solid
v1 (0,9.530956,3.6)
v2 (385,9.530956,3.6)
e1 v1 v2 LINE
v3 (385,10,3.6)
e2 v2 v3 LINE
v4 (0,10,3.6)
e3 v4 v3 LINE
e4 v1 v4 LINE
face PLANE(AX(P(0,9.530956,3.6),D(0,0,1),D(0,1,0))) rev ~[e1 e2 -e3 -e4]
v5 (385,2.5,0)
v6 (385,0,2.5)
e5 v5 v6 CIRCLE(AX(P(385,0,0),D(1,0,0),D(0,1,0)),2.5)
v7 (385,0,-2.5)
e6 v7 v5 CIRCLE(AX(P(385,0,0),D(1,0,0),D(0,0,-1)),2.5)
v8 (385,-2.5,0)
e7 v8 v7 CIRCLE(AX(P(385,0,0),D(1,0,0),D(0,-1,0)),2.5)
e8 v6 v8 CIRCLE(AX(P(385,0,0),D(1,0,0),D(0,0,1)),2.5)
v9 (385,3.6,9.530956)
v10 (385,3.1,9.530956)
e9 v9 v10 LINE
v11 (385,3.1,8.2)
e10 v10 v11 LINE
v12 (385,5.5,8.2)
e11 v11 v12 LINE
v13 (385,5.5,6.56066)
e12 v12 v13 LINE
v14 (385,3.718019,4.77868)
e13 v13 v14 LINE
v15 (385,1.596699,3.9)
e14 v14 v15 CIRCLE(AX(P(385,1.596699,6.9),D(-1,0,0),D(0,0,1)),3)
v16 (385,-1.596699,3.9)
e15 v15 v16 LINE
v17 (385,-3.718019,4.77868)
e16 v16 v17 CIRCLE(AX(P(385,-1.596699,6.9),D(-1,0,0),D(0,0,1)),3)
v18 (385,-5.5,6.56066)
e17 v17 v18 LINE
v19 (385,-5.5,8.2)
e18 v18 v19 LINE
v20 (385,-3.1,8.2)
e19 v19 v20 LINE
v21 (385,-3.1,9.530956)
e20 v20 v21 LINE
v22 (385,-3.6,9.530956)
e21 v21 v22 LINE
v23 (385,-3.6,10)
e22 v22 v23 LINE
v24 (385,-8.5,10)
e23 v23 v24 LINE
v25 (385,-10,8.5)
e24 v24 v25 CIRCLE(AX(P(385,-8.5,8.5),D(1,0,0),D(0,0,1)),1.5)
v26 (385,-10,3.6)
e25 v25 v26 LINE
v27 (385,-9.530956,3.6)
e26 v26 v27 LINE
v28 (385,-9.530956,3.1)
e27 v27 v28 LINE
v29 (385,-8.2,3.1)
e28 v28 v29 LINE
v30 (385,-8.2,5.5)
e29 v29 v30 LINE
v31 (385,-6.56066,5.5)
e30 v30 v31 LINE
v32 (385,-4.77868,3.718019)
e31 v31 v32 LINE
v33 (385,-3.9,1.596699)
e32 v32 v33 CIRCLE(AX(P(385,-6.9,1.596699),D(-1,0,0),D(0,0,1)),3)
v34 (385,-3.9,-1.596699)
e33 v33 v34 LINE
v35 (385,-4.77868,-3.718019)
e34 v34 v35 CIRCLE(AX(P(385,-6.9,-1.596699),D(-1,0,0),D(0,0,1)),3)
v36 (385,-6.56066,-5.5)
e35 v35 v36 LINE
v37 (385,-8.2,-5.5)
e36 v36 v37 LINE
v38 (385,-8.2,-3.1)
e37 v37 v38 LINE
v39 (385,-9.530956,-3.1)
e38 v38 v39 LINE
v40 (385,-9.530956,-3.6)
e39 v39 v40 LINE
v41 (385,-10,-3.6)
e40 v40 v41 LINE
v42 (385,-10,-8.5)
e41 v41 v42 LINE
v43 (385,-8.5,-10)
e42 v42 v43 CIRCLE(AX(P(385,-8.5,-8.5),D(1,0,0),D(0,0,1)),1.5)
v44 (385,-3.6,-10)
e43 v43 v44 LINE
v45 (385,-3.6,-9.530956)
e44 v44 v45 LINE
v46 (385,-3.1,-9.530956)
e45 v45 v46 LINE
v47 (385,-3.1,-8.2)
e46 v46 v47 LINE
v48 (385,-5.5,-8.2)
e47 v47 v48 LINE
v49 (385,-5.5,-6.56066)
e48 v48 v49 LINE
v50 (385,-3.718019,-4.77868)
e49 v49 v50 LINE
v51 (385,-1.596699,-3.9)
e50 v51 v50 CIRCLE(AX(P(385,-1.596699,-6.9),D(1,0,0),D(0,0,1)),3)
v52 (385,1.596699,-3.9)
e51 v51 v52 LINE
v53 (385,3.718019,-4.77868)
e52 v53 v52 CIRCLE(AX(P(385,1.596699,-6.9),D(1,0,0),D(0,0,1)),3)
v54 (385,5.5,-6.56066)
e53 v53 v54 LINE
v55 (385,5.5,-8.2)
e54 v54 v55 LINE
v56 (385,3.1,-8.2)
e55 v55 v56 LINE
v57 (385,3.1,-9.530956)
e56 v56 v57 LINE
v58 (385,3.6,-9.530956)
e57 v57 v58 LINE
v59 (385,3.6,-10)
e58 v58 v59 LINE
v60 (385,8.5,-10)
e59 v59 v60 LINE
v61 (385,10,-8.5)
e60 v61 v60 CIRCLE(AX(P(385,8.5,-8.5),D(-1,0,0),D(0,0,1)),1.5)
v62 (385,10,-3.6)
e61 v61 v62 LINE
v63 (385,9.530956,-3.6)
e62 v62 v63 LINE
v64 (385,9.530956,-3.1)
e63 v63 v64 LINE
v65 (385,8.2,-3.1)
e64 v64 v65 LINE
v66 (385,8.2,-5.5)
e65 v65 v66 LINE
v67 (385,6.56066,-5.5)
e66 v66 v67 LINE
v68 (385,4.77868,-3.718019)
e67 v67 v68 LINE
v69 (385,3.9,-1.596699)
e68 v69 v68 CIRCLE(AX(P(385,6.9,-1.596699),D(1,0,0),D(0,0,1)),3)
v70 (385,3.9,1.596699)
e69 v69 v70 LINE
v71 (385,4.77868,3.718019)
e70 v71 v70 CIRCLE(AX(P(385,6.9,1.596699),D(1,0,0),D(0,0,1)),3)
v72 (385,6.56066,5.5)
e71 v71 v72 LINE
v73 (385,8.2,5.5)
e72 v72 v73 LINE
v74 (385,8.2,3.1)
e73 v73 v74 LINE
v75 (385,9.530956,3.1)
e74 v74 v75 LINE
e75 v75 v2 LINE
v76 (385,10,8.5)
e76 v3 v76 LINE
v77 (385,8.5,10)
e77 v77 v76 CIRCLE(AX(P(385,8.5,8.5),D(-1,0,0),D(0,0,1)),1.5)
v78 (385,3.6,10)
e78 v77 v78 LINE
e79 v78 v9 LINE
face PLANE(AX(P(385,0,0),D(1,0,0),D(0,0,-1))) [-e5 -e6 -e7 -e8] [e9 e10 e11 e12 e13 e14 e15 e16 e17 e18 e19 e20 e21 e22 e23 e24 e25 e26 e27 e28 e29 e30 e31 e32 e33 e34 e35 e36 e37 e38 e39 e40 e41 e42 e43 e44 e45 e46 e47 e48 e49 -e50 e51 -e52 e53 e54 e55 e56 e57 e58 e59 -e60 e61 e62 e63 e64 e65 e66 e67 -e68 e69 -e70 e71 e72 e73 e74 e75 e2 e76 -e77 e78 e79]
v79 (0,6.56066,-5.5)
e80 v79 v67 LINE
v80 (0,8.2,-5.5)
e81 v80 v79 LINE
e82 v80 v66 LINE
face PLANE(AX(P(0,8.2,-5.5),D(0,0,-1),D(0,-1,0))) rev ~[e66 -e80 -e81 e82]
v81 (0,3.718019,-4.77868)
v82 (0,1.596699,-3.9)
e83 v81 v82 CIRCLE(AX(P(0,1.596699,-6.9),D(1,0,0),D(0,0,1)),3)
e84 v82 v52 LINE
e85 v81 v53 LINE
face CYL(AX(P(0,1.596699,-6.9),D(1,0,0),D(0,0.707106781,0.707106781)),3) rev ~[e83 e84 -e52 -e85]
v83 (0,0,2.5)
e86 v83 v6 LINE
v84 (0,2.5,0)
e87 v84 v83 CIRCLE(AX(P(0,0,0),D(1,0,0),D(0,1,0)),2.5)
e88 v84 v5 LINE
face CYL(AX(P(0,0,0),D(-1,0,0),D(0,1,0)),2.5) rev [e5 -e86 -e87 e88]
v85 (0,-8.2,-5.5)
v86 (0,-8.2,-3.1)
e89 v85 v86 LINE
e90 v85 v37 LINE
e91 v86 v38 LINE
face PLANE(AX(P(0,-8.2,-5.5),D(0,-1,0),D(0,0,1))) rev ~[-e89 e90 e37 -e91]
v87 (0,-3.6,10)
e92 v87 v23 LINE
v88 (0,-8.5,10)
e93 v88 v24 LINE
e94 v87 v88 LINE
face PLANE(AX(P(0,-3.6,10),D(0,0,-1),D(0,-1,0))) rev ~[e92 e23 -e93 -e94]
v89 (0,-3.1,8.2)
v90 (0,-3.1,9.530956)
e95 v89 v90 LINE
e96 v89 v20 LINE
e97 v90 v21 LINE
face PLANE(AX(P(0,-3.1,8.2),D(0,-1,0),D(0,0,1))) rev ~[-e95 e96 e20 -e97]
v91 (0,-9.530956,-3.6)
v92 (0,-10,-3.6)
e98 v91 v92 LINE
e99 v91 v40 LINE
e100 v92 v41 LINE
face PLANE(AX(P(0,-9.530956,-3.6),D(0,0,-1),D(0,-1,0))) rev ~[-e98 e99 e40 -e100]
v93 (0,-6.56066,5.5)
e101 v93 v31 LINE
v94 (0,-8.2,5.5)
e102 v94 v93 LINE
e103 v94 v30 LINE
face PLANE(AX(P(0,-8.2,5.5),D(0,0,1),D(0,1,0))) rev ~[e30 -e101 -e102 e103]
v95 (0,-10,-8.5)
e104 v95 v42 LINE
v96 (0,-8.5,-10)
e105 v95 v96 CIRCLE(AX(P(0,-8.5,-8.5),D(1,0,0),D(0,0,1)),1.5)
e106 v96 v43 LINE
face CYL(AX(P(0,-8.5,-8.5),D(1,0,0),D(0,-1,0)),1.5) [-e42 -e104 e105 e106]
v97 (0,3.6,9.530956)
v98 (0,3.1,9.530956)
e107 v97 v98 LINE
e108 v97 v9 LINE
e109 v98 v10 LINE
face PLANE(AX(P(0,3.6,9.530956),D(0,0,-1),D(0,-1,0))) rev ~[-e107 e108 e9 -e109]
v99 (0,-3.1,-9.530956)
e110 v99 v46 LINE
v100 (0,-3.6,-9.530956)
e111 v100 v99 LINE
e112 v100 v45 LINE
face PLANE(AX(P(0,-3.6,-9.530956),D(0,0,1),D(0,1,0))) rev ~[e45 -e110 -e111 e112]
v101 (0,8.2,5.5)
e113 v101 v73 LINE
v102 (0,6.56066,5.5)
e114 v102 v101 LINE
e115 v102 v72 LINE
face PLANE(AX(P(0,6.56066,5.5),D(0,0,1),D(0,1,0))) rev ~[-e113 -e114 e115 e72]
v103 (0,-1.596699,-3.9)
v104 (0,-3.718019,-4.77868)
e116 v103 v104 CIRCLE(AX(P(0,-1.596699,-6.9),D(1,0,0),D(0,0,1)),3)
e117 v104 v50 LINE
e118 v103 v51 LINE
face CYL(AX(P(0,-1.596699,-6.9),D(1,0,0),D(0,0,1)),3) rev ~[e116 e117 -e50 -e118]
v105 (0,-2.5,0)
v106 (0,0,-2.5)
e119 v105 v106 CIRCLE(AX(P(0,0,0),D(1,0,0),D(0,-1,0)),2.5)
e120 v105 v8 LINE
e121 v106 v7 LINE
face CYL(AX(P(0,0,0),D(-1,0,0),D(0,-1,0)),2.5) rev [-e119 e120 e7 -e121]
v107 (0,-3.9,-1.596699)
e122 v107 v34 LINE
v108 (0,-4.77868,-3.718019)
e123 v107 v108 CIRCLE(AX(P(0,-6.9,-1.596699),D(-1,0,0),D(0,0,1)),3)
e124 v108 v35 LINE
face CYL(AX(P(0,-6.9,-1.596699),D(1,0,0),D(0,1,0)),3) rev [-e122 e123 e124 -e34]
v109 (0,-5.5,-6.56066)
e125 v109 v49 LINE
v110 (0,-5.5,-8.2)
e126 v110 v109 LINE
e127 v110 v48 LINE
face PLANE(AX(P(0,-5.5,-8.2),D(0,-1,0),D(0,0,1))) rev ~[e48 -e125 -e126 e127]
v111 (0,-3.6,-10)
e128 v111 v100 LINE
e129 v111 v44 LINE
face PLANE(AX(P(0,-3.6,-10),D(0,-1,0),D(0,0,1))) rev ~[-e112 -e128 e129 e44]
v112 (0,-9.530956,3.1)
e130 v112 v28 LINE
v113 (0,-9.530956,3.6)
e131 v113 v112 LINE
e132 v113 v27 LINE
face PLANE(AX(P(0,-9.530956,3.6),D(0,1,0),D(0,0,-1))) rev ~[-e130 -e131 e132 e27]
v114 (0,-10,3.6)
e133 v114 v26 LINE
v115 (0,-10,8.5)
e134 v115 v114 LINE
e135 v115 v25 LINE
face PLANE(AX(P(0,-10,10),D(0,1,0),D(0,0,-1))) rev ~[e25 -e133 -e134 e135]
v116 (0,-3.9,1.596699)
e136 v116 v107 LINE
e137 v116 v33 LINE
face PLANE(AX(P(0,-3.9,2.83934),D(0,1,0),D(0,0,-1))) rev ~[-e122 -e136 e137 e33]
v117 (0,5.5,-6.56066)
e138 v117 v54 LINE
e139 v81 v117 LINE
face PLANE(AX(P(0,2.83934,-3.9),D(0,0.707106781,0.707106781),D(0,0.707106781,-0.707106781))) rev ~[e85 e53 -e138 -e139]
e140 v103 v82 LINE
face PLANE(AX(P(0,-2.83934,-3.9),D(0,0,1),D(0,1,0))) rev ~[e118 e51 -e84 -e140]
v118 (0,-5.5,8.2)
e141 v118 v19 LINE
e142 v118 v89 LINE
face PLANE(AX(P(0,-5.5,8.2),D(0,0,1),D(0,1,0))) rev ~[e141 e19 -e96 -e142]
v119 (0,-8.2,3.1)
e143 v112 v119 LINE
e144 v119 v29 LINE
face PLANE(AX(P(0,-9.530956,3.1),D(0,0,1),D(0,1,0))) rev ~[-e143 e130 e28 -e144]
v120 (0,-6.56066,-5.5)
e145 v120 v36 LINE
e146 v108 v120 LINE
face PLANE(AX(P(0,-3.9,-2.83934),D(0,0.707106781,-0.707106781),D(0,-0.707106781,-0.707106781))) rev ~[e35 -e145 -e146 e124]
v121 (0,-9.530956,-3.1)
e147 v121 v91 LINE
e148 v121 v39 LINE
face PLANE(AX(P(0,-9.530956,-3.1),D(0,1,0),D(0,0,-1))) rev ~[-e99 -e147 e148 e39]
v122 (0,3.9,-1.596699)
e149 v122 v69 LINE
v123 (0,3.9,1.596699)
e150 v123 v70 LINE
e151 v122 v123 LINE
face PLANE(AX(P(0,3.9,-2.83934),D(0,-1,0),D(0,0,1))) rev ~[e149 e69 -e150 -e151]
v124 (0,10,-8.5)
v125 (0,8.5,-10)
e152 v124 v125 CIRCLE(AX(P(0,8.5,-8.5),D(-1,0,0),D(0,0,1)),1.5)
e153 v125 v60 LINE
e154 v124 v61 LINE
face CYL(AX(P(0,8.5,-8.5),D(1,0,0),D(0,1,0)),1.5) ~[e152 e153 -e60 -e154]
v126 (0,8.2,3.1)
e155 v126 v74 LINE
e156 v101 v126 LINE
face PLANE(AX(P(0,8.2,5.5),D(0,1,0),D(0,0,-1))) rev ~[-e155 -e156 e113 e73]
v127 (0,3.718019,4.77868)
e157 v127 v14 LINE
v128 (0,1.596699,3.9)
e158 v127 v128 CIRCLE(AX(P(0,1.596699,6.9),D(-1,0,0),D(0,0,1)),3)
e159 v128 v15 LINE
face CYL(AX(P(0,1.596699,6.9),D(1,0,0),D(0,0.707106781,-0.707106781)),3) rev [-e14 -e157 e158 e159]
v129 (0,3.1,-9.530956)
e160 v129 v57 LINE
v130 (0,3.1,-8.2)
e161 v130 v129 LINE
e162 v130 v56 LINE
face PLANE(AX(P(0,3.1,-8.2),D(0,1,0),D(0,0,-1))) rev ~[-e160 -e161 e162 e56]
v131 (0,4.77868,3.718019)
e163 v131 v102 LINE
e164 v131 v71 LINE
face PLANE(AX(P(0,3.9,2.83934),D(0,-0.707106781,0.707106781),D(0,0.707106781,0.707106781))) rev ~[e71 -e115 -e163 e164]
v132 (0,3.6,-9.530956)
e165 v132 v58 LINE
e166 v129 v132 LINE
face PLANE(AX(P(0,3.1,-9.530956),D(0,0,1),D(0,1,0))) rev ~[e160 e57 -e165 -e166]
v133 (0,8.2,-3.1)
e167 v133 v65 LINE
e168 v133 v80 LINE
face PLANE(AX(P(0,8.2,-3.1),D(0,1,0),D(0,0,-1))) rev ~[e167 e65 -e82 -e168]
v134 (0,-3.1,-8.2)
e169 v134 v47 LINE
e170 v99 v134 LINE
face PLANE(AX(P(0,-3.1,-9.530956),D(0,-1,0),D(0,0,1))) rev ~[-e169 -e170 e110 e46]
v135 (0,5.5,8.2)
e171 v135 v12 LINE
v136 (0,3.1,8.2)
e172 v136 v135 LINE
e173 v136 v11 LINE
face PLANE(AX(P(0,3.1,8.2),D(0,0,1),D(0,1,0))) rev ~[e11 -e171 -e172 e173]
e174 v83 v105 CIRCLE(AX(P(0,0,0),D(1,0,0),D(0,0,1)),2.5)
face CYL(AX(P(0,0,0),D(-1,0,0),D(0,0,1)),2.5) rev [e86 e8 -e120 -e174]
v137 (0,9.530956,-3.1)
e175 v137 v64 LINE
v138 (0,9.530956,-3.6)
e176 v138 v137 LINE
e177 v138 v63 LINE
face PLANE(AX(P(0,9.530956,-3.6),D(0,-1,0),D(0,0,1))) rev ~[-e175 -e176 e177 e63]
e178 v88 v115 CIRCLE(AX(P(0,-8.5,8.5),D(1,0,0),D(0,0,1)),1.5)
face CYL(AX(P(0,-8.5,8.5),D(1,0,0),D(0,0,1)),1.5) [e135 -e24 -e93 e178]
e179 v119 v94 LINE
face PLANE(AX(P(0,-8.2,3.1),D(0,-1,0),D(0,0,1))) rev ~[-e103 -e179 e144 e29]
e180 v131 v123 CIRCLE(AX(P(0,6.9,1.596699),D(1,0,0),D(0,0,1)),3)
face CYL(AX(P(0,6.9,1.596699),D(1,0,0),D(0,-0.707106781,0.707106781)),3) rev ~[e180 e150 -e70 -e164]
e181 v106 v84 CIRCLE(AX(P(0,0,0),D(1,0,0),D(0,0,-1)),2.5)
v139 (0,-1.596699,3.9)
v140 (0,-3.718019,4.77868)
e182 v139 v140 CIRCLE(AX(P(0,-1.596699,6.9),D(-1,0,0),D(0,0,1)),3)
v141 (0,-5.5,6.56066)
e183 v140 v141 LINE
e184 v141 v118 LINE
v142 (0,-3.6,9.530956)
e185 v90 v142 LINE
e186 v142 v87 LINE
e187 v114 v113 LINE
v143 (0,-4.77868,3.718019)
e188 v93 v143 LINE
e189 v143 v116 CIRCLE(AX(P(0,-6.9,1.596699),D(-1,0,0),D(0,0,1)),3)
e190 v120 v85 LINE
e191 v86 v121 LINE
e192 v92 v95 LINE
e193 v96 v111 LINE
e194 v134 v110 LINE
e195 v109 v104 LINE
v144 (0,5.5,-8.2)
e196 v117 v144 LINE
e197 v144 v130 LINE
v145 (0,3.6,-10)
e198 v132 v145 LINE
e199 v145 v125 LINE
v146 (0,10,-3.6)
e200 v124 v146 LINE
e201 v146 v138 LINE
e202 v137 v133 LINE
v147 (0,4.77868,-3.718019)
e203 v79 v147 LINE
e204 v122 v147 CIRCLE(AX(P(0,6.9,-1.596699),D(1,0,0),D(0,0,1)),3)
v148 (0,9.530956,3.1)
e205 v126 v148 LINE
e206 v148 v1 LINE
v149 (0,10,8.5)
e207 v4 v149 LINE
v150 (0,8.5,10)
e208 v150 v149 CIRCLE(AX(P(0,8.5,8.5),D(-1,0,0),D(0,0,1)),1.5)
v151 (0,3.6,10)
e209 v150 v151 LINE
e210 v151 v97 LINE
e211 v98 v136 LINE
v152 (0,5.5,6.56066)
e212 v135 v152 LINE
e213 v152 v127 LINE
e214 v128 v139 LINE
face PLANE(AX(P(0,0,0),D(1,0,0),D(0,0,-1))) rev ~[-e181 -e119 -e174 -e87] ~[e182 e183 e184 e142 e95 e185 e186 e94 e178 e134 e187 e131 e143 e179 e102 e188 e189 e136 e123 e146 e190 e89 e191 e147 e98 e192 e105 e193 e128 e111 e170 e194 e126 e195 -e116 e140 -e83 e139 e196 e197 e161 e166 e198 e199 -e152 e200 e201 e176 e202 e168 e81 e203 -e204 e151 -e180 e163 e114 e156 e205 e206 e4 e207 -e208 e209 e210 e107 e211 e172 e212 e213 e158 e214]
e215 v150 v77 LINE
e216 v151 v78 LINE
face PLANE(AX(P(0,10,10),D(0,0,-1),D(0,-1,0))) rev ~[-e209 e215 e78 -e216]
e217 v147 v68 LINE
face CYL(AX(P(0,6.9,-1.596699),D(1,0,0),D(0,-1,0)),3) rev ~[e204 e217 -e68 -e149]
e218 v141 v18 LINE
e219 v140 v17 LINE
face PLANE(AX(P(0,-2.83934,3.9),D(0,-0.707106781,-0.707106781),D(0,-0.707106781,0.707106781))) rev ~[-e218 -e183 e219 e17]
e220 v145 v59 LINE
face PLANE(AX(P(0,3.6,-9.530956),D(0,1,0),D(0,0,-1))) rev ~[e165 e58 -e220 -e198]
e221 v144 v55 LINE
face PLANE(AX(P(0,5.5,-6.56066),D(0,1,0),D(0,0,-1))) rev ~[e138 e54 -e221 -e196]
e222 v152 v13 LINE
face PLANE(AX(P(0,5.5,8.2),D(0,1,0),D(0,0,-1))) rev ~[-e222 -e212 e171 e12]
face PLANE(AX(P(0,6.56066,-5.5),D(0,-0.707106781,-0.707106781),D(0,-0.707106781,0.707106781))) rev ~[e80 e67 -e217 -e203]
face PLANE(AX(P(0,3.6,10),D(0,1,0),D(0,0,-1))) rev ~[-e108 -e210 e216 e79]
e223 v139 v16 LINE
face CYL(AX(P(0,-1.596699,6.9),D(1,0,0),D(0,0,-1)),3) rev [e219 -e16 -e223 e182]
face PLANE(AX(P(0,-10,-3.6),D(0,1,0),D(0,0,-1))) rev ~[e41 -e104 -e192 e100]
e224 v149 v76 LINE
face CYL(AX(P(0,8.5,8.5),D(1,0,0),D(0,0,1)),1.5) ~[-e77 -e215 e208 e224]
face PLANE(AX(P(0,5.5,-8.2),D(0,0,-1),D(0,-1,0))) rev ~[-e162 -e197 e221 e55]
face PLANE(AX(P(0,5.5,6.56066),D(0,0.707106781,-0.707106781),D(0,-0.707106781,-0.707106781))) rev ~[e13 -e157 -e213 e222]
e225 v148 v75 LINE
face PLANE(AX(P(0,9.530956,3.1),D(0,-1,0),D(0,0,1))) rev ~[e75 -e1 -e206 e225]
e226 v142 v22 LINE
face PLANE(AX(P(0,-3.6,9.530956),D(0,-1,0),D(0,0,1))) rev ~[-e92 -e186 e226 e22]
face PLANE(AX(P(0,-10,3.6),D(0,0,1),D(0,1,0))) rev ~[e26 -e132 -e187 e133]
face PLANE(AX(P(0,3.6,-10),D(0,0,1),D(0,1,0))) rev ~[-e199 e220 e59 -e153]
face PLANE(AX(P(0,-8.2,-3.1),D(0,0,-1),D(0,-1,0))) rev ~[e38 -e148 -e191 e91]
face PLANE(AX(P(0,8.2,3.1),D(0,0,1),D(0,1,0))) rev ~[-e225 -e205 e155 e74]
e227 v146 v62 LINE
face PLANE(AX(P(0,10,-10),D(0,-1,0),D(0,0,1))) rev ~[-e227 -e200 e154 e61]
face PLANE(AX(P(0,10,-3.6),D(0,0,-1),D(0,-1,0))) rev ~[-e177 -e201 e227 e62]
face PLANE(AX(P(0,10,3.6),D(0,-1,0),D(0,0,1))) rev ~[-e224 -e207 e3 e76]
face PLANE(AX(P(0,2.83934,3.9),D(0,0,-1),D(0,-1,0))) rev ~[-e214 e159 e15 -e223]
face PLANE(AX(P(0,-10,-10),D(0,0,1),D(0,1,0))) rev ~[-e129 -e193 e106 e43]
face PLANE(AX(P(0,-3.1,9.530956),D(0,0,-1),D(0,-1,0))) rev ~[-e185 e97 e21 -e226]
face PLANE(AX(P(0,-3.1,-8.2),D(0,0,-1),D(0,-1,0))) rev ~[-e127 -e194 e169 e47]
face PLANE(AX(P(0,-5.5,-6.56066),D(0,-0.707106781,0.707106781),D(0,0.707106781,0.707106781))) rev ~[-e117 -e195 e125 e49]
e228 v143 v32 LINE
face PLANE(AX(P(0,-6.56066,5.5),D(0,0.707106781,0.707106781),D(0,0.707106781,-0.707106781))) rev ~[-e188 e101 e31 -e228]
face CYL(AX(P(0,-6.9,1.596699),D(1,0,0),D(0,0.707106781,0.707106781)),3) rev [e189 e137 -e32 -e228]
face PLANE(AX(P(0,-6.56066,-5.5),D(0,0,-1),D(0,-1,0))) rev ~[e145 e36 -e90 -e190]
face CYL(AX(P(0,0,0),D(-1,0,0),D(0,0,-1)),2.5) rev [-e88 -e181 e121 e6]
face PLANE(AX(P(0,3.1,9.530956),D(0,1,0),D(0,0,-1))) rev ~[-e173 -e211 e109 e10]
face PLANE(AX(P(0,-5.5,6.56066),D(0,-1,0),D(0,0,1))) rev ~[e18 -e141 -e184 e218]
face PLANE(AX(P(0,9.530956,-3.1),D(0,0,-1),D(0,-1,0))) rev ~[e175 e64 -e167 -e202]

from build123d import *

# Parameters (mm, degrees)
EXTRUDE_1_DEPTH = 385
FILLET_1_R      = 1.5
FILLET_2_R      = 3


with BuildPart() as part:
    # 草图1 → 凸台-拉伸1 (new body)
    with BuildSketch(Plane(origin=(0, 0, 0), x_dir=(0, 0, -1), z_dir=(1, 0, 0))):
        Polygon((-10, 10), (-10, 3.6), (-9.530955747, 3.6), (-9.530955747, 3.1), (-8.2, 3.1), (-8.2, 5.5), (-6.560660172, 5.5), (-3.9, 2.839339828), (-3.9, 0), (-3.9, -2.839339828), (-6.560660172, -5.5), (-8.2, -5.5), (-8.2, -3.1), (-9.530955747, -3.1), (-9.530955747, -3.6), (-10, -3.6), (-10, -10), (-3.6, -10), (-3.6, -9.530955747), (-3.1, -9.530955747), (-3.1, -8.2), (-5.5, -8.2), (-5.5, -6.560660172), (-2.839339828, -3.9), (0, -3.9), (2.839339828, -3.9), (5.5, -6.560660172), (5.5, -8.2), (3.1, -8.2), (3.1, -9.530955747), (3.6, -9.530955747), (3.6, -10), (10, -10), (10, -3.6), (9.530955747, -3.6), (9.530955747, -3.1), (8.2, -3.1), (8.2, -5.5), (6.560660172, -5.5), (3.9, -2.839339828), (3.9, 0), (3.9, 2.839339828), (6.560660172, 5.5), (8.2, 5.5), (8.2, 3.1), (9.530955747, 3.1), (9.530955747, 3.6), (10, 3.6), (10, 10), (3.6, 10), (3.6, 9.530955747), (3.1, 9.530955747), (3.1, 8.2), (5.5, 8.2), (5.5, 6.560660172), (2.839339828, 3.9), (0, 3.9), (-2.839339828, 3.9), (-5.5, 6.560660172), (-5.5, 8.2), (-3.1, 8.2), (-3.1, 9.530955747), (-3.6, 9.530955747), (-3.6, 10), align=None)
        with BuildLine():
            ThreePointArc((0, 2.5), (-1.767766953, 1.767766953), (-2.5, 0))
            ThreePointArc((-2.5, 0), (-1.767766953, -1.767766953), (0, -2.5))
            ThreePointArc((0, -2.5), (1.767766953, -1.767766953), (2.5, 0))
            ThreePointArc((2.5, 0), (1.767766953, 1.767766953), (0, 2.5))
        make_face(mode=Mode.SUBTRACT)
    extrude(amount=EXTRUDE_1_DEPTH)

    # 圆角1
    fillet_1_edges = [part.edges().sort_by_distance(p)[0] for p in [
        (192.5, -10, -10),
        (192.5, -10, 10),
        (192.5, 10, 10),
        (192.5, 10, -10),
    ]]
    fillet(fillet_1_edges, radius=FILLET_1_R)

    # 圆角2
    fillet_2_edges = [part.edges().sort_by_distance(p)[0] for p in [
        (192.5, -3.9, -2.839339828),
        (192.5, -3.9, 2.839339828),
        (192.5, -2.839339828, 3.9),
        (192.5, 2.839339828, 3.9),
        (192.5, 3.9, 2.839339828),
        (192.5, 3.9, -2.839339828),
        (192.5, 2.839339828, -3.9),
        (192.5, -2.839339828, -3.9),
    ]]
    fillet(fillet_2_edges, radius=FILLET_2_R)


solid = part.part
